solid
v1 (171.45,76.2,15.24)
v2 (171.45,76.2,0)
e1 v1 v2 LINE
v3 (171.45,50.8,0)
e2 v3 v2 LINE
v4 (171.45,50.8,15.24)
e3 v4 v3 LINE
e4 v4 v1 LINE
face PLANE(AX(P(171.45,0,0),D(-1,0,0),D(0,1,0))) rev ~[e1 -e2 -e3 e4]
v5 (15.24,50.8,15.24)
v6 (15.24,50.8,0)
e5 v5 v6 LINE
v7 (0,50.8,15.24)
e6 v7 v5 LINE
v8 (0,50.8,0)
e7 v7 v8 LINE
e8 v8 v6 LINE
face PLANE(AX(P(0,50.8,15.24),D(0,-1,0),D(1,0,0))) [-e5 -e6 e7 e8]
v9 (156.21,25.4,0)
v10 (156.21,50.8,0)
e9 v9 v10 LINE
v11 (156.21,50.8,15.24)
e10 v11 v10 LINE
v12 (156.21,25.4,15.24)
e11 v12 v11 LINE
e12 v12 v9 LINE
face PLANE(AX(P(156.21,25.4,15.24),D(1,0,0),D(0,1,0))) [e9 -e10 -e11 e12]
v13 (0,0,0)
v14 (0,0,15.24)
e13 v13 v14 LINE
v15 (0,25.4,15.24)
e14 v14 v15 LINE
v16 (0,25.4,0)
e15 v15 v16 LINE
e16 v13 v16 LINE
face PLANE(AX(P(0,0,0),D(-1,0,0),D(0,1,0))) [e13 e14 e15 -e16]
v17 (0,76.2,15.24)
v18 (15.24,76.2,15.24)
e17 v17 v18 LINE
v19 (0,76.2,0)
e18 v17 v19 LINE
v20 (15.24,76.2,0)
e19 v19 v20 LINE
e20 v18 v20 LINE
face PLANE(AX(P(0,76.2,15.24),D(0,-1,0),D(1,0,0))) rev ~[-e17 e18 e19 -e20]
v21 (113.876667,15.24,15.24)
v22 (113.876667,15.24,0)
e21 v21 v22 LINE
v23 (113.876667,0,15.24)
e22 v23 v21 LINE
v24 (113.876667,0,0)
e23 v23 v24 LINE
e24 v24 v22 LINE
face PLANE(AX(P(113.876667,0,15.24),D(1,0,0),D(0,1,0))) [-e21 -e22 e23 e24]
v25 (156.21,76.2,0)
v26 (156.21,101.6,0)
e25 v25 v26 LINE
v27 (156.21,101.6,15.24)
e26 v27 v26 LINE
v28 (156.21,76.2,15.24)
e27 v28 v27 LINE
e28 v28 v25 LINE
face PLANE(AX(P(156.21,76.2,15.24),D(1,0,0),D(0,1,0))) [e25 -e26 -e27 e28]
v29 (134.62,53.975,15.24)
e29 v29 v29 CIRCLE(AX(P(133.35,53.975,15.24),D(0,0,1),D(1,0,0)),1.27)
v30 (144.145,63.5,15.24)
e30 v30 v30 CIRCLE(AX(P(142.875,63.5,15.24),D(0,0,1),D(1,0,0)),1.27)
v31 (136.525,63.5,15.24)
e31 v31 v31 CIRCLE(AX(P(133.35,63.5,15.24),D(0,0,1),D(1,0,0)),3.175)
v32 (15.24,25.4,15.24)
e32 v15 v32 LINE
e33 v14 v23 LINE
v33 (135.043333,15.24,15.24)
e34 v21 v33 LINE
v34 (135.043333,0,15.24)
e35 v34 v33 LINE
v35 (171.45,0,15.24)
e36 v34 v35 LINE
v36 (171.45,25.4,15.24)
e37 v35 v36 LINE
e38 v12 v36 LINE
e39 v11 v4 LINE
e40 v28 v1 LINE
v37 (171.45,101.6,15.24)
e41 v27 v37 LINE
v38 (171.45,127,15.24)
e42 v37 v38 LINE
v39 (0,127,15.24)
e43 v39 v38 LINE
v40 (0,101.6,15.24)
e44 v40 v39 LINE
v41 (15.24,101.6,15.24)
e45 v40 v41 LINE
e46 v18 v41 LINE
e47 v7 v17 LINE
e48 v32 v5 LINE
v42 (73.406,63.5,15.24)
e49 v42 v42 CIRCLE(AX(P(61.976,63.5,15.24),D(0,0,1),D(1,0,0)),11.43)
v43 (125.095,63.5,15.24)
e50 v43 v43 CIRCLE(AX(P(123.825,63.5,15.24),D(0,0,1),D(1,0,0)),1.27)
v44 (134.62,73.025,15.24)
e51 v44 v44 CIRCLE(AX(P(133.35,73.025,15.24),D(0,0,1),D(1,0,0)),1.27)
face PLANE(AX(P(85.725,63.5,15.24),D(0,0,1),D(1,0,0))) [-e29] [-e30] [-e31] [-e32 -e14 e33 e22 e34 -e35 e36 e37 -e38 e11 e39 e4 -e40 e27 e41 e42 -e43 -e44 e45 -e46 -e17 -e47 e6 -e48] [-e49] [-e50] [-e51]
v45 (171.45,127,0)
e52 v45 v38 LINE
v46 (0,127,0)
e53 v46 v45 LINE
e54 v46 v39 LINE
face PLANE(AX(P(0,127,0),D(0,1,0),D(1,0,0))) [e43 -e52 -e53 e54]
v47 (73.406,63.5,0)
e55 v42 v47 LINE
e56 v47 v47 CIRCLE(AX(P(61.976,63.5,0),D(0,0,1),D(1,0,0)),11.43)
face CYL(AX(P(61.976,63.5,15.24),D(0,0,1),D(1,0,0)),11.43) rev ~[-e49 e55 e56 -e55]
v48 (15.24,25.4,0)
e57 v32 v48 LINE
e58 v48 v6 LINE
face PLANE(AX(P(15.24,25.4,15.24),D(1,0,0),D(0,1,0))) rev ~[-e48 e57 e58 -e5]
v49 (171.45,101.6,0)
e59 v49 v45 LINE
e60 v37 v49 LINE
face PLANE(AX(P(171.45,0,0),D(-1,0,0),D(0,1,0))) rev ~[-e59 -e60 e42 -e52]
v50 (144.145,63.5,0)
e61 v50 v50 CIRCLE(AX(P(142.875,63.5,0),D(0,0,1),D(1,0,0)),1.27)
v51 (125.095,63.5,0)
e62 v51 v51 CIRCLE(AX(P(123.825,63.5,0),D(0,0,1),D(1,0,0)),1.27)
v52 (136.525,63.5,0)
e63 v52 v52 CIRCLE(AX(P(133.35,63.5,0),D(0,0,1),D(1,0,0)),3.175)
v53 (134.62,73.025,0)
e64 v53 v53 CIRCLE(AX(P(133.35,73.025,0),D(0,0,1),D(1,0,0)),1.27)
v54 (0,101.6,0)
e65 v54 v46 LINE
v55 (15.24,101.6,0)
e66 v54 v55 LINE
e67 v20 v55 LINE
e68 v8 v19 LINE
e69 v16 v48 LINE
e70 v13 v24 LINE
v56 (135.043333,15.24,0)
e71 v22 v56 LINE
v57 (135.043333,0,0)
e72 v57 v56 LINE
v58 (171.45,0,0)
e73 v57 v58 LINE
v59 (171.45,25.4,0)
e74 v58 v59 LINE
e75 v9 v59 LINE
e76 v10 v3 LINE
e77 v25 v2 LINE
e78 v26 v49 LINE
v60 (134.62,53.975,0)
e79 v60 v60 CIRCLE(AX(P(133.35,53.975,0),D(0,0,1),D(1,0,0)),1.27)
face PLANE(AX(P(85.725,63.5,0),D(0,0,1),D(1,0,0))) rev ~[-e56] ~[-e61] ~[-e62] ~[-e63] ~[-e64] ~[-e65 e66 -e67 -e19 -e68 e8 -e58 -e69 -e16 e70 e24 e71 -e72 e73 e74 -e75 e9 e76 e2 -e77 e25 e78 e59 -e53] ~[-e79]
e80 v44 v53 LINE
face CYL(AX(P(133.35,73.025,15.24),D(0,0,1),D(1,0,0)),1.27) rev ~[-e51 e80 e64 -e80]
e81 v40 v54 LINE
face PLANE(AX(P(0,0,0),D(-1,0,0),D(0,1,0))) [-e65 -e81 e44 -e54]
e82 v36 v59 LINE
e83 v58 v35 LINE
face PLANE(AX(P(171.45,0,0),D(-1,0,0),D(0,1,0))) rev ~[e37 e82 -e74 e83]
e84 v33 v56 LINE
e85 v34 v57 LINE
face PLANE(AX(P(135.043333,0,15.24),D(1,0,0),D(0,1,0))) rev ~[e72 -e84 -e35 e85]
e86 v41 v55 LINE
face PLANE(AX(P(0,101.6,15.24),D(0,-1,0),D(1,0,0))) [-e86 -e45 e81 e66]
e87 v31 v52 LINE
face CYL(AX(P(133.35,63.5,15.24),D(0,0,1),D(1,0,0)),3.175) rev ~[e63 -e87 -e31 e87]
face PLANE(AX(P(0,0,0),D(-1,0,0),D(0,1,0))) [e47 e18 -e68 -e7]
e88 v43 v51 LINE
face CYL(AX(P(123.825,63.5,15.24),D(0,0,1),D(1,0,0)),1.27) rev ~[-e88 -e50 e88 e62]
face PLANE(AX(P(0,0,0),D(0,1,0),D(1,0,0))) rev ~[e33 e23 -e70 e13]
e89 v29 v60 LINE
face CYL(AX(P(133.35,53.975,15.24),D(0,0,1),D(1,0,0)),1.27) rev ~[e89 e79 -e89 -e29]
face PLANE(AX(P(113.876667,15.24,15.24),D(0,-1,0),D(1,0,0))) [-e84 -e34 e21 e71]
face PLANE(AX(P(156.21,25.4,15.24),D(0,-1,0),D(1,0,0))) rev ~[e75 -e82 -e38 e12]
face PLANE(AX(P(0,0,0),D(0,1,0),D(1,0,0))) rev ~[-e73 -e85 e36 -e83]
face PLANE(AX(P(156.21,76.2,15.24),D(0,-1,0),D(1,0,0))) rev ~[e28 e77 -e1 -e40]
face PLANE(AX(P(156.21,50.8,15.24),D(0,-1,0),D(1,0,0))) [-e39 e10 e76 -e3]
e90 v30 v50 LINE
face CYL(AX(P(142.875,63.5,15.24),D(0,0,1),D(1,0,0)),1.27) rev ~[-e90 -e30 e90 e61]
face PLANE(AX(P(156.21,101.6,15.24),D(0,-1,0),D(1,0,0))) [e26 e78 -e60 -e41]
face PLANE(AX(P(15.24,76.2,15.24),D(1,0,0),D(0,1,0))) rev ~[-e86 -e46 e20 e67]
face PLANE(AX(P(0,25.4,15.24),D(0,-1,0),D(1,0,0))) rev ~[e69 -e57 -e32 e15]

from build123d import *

# Parameters (mm, degrees)
SKETCH1_W           = 171.45
SKETCH1_H           = 127
BOSS_EXTRUDE1_DEPTH = 15.24
SKETCH5_W           = 15.24
SKETCH5_H           = 25.4
CUT_EXTRUDE1_DEPTH  = 15.24
SKETCH11_R          = 11.43
CUT_EXTRUDE3_DEPTH  = 15.24
SKETCH12_R          = 3.175
SKETCH12_R_2        = 1.27
CUT_EXTRUDE4_DEPTH  = 15.24
SKETCH7_W           = 21.166666666
SKETCH7_H           = 15.24
CUT_EXTRUDE5_DEPTH  = 15.24


with BuildPart() as part:
    # Sketch1 → Boss-Extrude1 (new body)
    with BuildSketch(Plane.XY):
        with Locations((85.725, 63.5)):
            Rectangle(SKETCH1_W, SKETCH1_H)
    extrude(amount=BOSS_EXTRUDE1_DEPTH)

    # Sketch5 → Cut-Extrude1 (cut)
    with BuildSketch(Plane.XY.offset(15.24)):
        with Locations((7.62, 88.9)):
            Rectangle(SKETCH5_W, SKETCH5_H)
        with Locations((7.62, 38.1)):
            Rectangle(SKETCH5_W, SKETCH5_H)
        with Locations((163.83, 88.9)):
            Rectangle(SKETCH5_W, SKETCH5_H)
        with Locations((163.83, 38.1)):
            Rectangle(SKETCH5_W, SKETCH5_H)
    extrude(amount=-CUT_EXTRUDE1_DEPTH, mode=Mode.SUBTRACT)

    # Sketch11 → Cut-Extrude3 (cut)
    with BuildSketch(Plane.XY.offset(15.24)):
        with Locations((61.976, 63.5)):
            Circle(SKETCH11_R)
    extrude(amount=-CUT_EXTRUDE3_DEPTH, mode=Mode.SUBTRACT)

    # Sketch12 → Cut-Extrude4 (cut)
    with BuildSketch(Plane.XY.offset(15.24)):
        with Locations((133.35, 63.5)):
            Circle(SKETCH12_R)
        with Locations((133.35, 73.025)):
            Circle(SKETCH12_R_2)
        with Locations((142.875, 63.5)):
            Circle(SKETCH12_R_2)
        with Locations((133.35, 53.975)):
            Circle(SKETCH12_R_2)
        with Locations((123.825, 63.5)):
            Circle(SKETCH12_R_2)
    extrude(amount=-CUT_EXTRUDE4_DEPTH, mode=Mode.SUBTRACT)

    # Sketch7 → Cut-Extrude5 (cut)
    with BuildSketch(Plane.XY.offset(15.24)):
        with Locations((124.46, 7.62)):
            Rectangle(SKETCH7_W, SKETCH7_H)
    extrude(amount=-CUT_EXTRUDE5_DEPTH, mode=Mode.SUBTRACT)


solid = part.part
